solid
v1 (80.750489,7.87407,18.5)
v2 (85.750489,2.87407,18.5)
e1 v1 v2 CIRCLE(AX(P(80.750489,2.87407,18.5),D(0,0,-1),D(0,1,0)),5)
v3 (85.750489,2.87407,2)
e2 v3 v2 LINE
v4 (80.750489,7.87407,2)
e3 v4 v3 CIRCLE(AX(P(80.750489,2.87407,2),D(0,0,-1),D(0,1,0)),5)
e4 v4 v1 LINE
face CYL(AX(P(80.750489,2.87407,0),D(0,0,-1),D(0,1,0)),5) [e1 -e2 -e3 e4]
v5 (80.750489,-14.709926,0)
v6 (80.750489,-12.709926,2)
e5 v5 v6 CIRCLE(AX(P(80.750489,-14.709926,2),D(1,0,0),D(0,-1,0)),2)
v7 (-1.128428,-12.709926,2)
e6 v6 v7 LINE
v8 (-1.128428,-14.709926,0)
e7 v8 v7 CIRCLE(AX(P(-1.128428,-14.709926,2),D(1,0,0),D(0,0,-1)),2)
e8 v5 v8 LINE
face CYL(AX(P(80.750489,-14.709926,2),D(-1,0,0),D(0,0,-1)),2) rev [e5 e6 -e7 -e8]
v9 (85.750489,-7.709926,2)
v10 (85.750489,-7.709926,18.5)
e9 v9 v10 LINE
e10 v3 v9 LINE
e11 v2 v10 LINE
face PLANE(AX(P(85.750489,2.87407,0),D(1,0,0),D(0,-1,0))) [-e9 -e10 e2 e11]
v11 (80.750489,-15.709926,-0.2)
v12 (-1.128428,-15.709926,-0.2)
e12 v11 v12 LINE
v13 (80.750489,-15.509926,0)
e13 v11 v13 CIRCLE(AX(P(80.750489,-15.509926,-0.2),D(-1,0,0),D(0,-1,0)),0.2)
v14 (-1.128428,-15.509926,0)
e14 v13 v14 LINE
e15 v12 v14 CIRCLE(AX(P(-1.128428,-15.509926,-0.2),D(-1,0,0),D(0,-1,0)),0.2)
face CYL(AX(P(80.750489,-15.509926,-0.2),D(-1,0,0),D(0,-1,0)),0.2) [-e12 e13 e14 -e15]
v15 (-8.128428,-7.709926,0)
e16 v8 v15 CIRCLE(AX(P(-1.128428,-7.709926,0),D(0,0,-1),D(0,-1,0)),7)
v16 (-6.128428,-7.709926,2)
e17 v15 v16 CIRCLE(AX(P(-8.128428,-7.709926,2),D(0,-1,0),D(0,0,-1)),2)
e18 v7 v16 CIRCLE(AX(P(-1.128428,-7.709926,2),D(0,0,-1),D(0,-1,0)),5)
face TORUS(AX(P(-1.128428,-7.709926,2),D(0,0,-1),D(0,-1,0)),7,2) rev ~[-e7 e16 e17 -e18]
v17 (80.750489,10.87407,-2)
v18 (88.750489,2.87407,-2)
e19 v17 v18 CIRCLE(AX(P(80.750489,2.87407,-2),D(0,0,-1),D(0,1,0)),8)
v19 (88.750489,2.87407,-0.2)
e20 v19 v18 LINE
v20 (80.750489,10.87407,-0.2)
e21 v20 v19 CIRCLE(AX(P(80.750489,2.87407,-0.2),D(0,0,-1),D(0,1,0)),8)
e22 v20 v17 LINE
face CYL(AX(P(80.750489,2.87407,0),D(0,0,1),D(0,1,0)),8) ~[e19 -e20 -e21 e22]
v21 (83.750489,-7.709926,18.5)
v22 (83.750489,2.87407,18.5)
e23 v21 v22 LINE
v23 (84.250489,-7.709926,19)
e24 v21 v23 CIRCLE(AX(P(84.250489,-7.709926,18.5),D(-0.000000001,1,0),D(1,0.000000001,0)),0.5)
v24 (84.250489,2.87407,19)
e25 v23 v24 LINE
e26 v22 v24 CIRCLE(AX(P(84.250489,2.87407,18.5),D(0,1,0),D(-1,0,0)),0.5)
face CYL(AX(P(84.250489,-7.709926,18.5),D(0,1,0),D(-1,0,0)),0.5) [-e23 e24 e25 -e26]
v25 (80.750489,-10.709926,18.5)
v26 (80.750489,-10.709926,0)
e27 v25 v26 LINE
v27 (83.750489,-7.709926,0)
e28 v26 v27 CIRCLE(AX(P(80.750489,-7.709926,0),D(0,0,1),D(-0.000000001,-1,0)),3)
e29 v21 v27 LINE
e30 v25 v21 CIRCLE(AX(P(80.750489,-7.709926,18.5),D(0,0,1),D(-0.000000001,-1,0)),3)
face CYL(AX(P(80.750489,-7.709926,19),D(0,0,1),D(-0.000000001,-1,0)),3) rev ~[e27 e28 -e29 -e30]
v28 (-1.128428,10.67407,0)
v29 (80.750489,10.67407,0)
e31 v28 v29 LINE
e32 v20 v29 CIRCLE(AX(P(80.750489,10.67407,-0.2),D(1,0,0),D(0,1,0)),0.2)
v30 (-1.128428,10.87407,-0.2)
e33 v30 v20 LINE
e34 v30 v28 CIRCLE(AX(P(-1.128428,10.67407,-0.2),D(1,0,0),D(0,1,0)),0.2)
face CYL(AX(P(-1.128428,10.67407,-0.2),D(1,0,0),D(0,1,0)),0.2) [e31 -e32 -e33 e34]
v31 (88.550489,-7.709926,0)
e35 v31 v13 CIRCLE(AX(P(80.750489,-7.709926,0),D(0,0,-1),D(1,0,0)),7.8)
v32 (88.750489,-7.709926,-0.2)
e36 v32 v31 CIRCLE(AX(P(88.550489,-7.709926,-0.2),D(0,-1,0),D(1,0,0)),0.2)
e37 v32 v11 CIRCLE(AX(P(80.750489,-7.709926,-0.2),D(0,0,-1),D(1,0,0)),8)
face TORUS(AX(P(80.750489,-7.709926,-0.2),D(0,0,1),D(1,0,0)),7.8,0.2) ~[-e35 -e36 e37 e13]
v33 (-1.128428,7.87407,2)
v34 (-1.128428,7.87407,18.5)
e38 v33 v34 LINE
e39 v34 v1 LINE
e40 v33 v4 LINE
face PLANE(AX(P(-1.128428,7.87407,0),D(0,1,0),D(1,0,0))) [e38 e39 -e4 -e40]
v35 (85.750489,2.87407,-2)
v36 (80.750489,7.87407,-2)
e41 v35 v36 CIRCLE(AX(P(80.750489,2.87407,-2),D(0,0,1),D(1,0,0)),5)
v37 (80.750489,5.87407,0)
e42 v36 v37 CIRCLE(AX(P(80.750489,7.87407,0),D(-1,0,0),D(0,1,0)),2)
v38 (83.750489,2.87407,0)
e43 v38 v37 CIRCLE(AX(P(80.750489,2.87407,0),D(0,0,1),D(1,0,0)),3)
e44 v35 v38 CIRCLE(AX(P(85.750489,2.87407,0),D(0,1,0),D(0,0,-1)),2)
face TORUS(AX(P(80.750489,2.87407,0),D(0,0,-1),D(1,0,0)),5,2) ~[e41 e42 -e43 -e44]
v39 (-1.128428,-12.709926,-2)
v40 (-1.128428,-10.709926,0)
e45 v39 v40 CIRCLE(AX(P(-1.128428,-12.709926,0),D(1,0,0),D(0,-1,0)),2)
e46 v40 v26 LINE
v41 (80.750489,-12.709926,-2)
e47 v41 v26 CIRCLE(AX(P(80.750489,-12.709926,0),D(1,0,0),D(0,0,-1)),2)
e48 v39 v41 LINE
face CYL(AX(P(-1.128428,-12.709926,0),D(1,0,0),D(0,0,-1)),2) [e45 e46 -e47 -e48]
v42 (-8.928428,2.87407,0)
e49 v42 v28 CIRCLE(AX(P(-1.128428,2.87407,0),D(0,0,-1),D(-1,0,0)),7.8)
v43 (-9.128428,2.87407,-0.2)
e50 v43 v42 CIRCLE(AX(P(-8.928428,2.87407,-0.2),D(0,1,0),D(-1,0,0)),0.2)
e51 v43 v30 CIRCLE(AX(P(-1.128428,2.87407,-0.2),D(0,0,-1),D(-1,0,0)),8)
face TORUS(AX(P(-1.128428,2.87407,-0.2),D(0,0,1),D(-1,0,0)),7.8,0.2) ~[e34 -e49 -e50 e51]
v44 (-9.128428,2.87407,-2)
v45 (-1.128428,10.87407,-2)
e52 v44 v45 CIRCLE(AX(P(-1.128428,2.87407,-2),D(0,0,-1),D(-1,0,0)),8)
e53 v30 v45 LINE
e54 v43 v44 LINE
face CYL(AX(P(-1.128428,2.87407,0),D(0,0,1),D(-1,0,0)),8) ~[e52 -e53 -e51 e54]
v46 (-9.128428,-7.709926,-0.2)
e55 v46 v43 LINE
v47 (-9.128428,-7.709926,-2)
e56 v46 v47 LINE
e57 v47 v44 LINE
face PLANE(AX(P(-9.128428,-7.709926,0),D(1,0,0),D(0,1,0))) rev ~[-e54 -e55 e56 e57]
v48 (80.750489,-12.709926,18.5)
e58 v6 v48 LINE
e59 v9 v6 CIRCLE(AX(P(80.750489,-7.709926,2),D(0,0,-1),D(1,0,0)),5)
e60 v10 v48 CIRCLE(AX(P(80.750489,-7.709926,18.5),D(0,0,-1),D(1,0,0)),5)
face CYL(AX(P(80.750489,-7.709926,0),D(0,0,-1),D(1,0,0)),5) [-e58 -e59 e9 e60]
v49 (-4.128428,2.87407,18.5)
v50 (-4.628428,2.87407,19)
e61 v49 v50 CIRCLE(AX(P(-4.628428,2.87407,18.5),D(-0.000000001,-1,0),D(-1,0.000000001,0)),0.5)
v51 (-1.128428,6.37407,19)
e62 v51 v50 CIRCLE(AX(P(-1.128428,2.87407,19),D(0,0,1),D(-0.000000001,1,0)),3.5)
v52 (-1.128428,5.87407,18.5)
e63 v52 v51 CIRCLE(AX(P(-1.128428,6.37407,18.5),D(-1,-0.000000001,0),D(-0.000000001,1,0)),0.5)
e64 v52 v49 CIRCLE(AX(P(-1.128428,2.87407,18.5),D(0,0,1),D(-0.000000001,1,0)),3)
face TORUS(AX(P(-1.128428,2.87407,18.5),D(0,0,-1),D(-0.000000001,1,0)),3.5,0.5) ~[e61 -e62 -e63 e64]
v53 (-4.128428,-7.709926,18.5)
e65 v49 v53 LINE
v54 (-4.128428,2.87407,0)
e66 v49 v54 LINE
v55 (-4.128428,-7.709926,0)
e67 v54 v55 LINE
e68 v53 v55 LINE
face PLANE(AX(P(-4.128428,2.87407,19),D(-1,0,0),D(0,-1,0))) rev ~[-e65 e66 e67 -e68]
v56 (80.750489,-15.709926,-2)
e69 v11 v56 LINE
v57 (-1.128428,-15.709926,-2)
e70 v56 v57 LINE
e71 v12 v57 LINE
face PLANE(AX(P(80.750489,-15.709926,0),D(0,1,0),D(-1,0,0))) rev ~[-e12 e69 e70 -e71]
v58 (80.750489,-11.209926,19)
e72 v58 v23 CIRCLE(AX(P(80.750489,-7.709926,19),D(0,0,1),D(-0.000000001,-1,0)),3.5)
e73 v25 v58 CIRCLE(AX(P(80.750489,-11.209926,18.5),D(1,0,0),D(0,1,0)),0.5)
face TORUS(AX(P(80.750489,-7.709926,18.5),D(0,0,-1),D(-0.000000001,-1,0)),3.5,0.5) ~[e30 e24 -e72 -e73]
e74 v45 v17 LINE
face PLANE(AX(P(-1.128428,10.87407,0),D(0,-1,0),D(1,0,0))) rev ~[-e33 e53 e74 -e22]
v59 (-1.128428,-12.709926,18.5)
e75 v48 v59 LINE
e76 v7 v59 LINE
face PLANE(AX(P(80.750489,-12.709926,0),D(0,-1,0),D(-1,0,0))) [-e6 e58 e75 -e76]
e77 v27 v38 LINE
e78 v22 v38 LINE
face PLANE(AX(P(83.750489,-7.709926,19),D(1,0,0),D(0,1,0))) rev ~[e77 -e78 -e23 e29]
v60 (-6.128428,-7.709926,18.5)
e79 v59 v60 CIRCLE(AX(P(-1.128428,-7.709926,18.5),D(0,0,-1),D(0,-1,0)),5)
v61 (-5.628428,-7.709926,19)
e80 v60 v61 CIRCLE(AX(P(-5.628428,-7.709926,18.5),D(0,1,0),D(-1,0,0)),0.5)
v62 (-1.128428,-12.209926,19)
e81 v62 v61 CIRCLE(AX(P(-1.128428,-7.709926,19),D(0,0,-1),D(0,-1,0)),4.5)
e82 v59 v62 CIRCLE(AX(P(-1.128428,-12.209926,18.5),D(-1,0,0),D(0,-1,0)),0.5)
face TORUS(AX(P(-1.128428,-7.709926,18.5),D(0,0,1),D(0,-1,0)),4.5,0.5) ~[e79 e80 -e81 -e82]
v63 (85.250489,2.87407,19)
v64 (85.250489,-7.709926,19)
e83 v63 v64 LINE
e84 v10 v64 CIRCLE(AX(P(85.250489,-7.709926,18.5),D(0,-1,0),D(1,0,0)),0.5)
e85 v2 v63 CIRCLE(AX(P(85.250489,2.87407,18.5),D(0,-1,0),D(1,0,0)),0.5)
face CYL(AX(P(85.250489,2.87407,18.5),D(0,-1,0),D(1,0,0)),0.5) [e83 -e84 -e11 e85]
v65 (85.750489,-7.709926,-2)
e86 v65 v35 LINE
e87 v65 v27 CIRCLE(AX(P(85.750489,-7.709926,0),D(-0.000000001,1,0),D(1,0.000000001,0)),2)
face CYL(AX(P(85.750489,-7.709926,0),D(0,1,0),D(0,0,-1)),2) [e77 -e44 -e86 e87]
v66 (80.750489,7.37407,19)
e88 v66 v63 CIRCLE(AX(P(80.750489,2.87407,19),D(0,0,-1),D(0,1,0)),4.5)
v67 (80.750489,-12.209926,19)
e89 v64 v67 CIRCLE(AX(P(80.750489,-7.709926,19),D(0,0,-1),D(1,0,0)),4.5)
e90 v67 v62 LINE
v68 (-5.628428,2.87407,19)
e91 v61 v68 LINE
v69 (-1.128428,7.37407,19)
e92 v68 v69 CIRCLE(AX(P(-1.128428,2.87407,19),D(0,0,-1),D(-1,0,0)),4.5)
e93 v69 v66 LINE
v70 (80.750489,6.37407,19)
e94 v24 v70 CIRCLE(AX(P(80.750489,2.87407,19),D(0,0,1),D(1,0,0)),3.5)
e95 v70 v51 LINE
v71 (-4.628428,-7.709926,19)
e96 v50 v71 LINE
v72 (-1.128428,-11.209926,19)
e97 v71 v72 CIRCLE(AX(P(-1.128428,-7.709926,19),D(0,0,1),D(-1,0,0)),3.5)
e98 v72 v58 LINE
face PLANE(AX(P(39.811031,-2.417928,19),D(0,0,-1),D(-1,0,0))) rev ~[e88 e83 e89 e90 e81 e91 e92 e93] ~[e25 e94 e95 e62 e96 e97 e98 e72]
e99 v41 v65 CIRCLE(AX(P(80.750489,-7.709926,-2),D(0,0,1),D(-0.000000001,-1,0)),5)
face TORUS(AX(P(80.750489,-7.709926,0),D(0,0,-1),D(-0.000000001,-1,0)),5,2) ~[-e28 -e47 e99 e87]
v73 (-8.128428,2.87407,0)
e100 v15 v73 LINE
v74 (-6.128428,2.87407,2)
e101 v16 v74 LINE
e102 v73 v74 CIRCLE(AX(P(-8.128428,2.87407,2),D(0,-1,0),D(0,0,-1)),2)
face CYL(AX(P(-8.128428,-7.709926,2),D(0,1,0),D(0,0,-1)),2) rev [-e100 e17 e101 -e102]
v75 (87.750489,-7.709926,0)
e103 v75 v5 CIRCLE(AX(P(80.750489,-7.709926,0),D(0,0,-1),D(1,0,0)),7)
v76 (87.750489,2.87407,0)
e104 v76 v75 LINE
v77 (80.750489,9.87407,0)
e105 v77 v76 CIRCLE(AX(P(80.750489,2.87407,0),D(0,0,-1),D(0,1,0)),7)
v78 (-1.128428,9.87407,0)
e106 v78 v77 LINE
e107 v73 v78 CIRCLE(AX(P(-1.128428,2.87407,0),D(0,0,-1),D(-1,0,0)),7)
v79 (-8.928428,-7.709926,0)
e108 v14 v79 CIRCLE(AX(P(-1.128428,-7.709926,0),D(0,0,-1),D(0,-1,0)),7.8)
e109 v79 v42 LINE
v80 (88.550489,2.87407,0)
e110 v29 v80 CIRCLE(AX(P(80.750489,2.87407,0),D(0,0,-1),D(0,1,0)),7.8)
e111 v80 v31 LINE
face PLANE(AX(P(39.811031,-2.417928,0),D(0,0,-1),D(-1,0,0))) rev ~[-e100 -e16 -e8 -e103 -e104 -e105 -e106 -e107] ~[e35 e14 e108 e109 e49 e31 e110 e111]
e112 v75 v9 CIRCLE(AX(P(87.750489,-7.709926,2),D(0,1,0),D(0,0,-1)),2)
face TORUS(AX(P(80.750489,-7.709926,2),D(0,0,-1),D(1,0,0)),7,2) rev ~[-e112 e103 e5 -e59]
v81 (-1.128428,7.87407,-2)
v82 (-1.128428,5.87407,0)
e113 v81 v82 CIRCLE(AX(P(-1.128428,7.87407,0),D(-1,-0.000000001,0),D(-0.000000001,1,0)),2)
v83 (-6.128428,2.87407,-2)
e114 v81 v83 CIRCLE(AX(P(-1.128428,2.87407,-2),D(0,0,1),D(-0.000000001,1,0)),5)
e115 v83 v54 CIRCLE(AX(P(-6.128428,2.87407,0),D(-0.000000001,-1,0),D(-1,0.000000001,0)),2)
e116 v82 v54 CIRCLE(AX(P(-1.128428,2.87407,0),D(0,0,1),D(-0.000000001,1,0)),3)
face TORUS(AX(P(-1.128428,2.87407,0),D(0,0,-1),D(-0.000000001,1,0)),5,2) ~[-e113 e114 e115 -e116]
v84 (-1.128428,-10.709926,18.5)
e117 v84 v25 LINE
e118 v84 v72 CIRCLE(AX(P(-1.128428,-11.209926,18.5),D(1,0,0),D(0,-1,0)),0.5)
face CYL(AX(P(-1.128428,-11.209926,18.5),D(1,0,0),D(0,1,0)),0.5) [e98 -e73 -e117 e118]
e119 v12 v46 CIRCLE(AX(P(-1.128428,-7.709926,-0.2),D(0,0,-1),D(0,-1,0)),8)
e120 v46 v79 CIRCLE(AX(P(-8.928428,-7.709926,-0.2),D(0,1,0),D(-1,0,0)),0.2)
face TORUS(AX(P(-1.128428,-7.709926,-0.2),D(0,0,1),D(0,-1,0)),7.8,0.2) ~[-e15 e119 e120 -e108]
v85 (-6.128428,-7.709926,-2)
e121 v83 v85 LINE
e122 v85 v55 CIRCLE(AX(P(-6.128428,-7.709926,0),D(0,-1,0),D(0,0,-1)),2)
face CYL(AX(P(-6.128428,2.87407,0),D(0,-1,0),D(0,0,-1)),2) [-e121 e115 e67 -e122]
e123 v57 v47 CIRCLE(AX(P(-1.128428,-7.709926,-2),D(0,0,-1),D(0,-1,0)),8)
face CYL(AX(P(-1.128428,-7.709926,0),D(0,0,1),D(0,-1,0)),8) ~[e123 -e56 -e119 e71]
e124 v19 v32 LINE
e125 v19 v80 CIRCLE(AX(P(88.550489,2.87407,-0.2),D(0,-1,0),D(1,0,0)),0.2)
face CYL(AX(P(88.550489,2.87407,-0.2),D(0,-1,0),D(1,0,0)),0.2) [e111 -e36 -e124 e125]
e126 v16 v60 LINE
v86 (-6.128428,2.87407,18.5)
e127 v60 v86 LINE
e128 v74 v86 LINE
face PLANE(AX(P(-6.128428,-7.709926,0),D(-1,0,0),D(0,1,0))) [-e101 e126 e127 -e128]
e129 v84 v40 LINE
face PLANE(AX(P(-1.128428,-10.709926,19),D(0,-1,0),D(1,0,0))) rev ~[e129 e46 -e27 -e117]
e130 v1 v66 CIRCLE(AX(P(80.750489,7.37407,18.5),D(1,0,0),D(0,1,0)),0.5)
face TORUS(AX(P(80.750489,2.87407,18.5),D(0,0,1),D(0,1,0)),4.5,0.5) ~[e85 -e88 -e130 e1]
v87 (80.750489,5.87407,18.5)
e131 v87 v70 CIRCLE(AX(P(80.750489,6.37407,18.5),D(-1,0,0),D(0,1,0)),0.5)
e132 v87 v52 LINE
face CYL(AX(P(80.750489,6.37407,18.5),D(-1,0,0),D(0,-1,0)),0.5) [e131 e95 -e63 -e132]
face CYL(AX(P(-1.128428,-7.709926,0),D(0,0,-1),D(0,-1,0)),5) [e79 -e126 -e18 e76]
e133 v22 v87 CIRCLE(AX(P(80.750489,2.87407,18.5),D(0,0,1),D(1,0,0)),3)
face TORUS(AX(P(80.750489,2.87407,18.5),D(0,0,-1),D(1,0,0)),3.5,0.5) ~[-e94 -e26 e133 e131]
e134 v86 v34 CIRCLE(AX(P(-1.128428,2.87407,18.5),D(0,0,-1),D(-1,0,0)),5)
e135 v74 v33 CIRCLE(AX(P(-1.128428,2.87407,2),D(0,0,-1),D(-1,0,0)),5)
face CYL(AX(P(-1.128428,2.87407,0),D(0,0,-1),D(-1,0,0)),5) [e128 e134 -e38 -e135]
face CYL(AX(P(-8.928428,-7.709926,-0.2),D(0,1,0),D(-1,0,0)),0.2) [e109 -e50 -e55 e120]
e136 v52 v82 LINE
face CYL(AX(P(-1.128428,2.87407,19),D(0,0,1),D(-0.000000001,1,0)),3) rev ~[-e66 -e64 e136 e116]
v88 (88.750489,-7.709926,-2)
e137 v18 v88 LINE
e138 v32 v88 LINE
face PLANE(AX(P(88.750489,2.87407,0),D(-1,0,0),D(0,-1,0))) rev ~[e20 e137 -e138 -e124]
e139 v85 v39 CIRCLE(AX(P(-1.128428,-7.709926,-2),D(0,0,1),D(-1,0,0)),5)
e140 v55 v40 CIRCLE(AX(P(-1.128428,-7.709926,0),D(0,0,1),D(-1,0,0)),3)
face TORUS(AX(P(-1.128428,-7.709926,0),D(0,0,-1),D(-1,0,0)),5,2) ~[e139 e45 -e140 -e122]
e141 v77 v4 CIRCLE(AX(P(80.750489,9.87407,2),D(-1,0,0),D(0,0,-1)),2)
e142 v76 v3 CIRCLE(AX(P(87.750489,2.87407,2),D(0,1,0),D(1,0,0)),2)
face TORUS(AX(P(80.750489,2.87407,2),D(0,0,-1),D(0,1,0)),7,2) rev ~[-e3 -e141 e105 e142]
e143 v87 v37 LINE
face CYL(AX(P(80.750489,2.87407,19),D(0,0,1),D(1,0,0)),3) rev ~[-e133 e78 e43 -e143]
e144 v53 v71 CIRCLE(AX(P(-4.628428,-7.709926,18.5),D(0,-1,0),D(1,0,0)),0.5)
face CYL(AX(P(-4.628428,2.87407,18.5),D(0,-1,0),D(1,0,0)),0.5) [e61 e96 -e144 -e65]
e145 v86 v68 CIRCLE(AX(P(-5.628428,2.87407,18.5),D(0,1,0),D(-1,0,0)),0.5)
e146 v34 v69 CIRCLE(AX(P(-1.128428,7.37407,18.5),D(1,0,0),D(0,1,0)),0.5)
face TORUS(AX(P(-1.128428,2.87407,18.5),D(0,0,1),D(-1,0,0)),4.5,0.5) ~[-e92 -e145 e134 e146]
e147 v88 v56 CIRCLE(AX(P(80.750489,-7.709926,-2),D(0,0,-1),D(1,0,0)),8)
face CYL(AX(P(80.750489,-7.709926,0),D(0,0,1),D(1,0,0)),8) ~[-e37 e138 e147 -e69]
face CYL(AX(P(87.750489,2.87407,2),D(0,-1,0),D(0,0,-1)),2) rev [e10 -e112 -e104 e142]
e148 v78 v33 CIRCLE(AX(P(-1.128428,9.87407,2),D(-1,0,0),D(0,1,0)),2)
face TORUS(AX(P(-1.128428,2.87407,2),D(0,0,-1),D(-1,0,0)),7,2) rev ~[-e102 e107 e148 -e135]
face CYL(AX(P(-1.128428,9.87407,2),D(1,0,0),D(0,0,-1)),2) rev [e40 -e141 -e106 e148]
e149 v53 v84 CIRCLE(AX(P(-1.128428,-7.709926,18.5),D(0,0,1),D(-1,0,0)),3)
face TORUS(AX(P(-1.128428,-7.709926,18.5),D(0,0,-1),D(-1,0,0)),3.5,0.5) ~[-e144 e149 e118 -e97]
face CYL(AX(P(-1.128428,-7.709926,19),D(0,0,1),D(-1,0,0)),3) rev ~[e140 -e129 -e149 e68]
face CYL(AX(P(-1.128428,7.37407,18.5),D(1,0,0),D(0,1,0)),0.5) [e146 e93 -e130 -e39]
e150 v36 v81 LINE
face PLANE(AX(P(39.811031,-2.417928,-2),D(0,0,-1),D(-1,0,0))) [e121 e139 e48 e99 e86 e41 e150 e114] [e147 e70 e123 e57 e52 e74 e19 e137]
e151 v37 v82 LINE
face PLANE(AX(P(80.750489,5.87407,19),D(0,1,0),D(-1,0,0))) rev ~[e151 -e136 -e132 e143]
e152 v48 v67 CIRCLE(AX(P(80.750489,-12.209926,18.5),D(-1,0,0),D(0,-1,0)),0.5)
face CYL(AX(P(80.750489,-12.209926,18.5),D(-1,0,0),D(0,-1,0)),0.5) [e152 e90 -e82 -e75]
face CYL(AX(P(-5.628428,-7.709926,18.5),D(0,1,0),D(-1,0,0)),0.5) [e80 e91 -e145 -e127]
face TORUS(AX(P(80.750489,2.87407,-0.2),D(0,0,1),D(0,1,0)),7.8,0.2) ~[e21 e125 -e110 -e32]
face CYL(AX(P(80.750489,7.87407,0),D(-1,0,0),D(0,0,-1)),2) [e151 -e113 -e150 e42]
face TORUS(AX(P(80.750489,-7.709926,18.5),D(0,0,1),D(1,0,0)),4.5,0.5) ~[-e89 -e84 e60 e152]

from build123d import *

# Parameters (mm, degrees)
BOSS_EXTRUDE1_DEPTH = 2
BOSS_EXTRUDE2_DEPTH = 19
CUT_EXTRUDE1_DEPTH  = 32
FILLET1_R           = 0.5
FILLET2_R           = 2
FILLET3_R           = 2
FILLET4_R           = 0.2


with BuildPart() as part:
    # Sketch1 → Boss-Extrude1 (new body)
    with BuildSketch(Plane.XY):
        with BuildLine():
            Line((80.75048871, 10.874070422), (-1.128427562, 10.874070422))
            ThreePointArc((-1.128427562, 10.874070422), (-6.785281811, 8.530924671), (-9.128427562, 2.874070422))
            Line((-9.128427562, 2.874070422), (-9.128427562, -7.709925539))
            ThreePointArc((-9.128427562, -7.709925539), (-6.785281811, -13.366779789), (-1.128427562, -15.709925539))
            Line((-1.128427562, -15.709925539), (80.75048871, -15.709925539))
            ThreePointArc((80.75048871, -15.709925539), (86.40734296, -13.366779789), (88.75048871, -7.709925539))
            Line((88.75048871, -7.709925539), (88.75048871, 2.874070422))
            ThreePointArc((88.75048871, 2.874070422), (86.40734296, 8.530924671), (80.75048871, 10.874070422))
        make_face()
    extrude(amount=-BOSS_EXTRUDE1_DEPTH)

    # Sketch1<6> → Boss-Extrude2 (add)
    with BuildSketch(Plane.XY):
        with BuildLine():
            Line((80.75048871, 7.874070422), (-1.128427562, 7.874070422))
            ThreePointArc((-1.128427562, 7.874070422), (-4.663961468, 6.409604328), (-6.128427562, 2.874070422))
            Line((-6.128427562, 2.874070422), (-6.128427562, -7.709925539))
            ThreePointArc((-6.128427562, -7.709925539), (-4.663961468, -11.245459445), (-1.128427562, -12.709925539))
            Line((-1.128427562, -12.709925539), (80.75048871, -12.709925539))
            ThreePointArc((80.75048871, -12.709925539), (84.286022616, -11.245459445), (85.75048871, -7.709925539))
            Line((85.75048871, -7.709925539), (85.75048871, 2.874070422))
            ThreePointArc((85.75048871, 2.874070422), (84.286022616, 6.409604328), (80.75048871, 7.874070422))
        make_face()
    extrude(amount=BOSS_EXTRUDE2_DEPTH)

    # Sketch2 → Cut-Extrude1 (cut)
    with BuildSketch(Plane.XY.offset(19)):
        with BuildLine():
            Line((-4.128427562, 2.874070422), (-4.128427562, -7.709925539))
            ThreePointArc((-4.128427562, -7.709925539), (-3.249747905, -9.831245883), (-1.128427562, -10.709925539))
            Line((-1.128427562, -10.709925539), (80.75048871, -10.709925539))
            ThreePointArc((80.75048871, -10.709925539), (82.871809054, -9.831245883), (83.75048871, -7.709925539))
            Line((83.75048871, -7.709925539), (83.75048871, 2.874070422))
            ThreePointArc((83.75048871, 2.874070422), (82.871809054, 4.995390765), (80.75048871, 5.874070422))
            Line((80.75048871, 5.874070422), (-1.128427562, 5.874070422))
            ThreePointArc((-1.128427562, 5.874070422), (-3.249747905, 4.995390765), (-4.128427562, 2.874070422))
        make_face()
    extrude(amount=-CUT_EXTRUDE1_DEPTH, mode=Mode.SUBTRACT)

    # Fillet1
    fillet1_edges = [part.edges().sort_by_distance(p)[0] for p in [
        (39.811030574, 7.874070422, 19),
        (84.286022616, 6.409604328, 19),
        (85.75048871, -2.417927559, 19),
        (84.286022616, -11.245459445, 19),
        (39.811030574, -12.709925539, 19),
        (-4.663961468, -11.245459445, 19),
        (-6.128427562, -2.417927559, 19),
        (-4.663961468, 6.409604328, 19),
        (-4.128427562, -2.417927559, 19),
        (-3.249747905, -9.831245883, 19),
        (39.811030574, -10.709925539, 19),
        (82.871809054, -9.831245883, 19),
        (83.75048871, -2.417927559, 19),
        (82.871809054, 4.995390765, 19),
        (39.811030574, 5.874070422, 19),
        (-3.249747905, 4.995390765, 19),
    ]]
    fillet(fillet1_edges, radius=FILLET1_R)

    # Fillet2
    fillet2_edges = [part.edges().sort_by_distance(p)[0] for p in [
        (-4.663961468, 6.409604328, 0),
        (-6.128427562, -2.417927559, 0),
        (-4.663961468, -11.245459445, 0),
        (39.811030574, -12.709925539, 0),
        (84.286022616, -11.245459445, 0),
        (85.75048871, -2.417927559, 0),
        (84.286022616, 6.409604328, 0),
        (39.811030574, 7.874070422, 0),
    ]]
    fillet(fillet2_edges, radius=FILLET2_R)

    # Fillet3
    fillet3_edges = [part.edges().sort_by_distance(p)[0] for p in [
        (-3.249747905, -9.831245883, -2),
        (-4.128427562, -2.417927559, -2),
        (-3.249747905, 4.995390765, -2),
        (39.811030574, 5.874070422, -2),
        (82.871809054, 4.995390765, -2),
        (83.75048871, -2.417927559, -2),
        (82.871809054, -9.831245883, -2),
        (39.811030574, -10.709925539, -2),
    ]]
    fillet(fillet3_edges, radius=FILLET3_R)

    # Fillet4
    fillet4_edges = [part.edges().sort_by_distance(p)[0] for p in [
        (-6.785281811, 8.530924671, 0),
        (-9.128427562, -2.417927559, 0),
        (-6.785281811, -13.366779789, 0),
        (39.811030574, -15.709925539, 0),
        (86.40734296, -13.366779789, 0),
        (88.75048871, -2.417927559, 0),
        (86.40734296, 8.530924671, 0),
        (39.811030574, 10.874070422, 0),
    ]]
    fillet(fillet4_edges, radius=FILLET4_R)


solid = part.part
